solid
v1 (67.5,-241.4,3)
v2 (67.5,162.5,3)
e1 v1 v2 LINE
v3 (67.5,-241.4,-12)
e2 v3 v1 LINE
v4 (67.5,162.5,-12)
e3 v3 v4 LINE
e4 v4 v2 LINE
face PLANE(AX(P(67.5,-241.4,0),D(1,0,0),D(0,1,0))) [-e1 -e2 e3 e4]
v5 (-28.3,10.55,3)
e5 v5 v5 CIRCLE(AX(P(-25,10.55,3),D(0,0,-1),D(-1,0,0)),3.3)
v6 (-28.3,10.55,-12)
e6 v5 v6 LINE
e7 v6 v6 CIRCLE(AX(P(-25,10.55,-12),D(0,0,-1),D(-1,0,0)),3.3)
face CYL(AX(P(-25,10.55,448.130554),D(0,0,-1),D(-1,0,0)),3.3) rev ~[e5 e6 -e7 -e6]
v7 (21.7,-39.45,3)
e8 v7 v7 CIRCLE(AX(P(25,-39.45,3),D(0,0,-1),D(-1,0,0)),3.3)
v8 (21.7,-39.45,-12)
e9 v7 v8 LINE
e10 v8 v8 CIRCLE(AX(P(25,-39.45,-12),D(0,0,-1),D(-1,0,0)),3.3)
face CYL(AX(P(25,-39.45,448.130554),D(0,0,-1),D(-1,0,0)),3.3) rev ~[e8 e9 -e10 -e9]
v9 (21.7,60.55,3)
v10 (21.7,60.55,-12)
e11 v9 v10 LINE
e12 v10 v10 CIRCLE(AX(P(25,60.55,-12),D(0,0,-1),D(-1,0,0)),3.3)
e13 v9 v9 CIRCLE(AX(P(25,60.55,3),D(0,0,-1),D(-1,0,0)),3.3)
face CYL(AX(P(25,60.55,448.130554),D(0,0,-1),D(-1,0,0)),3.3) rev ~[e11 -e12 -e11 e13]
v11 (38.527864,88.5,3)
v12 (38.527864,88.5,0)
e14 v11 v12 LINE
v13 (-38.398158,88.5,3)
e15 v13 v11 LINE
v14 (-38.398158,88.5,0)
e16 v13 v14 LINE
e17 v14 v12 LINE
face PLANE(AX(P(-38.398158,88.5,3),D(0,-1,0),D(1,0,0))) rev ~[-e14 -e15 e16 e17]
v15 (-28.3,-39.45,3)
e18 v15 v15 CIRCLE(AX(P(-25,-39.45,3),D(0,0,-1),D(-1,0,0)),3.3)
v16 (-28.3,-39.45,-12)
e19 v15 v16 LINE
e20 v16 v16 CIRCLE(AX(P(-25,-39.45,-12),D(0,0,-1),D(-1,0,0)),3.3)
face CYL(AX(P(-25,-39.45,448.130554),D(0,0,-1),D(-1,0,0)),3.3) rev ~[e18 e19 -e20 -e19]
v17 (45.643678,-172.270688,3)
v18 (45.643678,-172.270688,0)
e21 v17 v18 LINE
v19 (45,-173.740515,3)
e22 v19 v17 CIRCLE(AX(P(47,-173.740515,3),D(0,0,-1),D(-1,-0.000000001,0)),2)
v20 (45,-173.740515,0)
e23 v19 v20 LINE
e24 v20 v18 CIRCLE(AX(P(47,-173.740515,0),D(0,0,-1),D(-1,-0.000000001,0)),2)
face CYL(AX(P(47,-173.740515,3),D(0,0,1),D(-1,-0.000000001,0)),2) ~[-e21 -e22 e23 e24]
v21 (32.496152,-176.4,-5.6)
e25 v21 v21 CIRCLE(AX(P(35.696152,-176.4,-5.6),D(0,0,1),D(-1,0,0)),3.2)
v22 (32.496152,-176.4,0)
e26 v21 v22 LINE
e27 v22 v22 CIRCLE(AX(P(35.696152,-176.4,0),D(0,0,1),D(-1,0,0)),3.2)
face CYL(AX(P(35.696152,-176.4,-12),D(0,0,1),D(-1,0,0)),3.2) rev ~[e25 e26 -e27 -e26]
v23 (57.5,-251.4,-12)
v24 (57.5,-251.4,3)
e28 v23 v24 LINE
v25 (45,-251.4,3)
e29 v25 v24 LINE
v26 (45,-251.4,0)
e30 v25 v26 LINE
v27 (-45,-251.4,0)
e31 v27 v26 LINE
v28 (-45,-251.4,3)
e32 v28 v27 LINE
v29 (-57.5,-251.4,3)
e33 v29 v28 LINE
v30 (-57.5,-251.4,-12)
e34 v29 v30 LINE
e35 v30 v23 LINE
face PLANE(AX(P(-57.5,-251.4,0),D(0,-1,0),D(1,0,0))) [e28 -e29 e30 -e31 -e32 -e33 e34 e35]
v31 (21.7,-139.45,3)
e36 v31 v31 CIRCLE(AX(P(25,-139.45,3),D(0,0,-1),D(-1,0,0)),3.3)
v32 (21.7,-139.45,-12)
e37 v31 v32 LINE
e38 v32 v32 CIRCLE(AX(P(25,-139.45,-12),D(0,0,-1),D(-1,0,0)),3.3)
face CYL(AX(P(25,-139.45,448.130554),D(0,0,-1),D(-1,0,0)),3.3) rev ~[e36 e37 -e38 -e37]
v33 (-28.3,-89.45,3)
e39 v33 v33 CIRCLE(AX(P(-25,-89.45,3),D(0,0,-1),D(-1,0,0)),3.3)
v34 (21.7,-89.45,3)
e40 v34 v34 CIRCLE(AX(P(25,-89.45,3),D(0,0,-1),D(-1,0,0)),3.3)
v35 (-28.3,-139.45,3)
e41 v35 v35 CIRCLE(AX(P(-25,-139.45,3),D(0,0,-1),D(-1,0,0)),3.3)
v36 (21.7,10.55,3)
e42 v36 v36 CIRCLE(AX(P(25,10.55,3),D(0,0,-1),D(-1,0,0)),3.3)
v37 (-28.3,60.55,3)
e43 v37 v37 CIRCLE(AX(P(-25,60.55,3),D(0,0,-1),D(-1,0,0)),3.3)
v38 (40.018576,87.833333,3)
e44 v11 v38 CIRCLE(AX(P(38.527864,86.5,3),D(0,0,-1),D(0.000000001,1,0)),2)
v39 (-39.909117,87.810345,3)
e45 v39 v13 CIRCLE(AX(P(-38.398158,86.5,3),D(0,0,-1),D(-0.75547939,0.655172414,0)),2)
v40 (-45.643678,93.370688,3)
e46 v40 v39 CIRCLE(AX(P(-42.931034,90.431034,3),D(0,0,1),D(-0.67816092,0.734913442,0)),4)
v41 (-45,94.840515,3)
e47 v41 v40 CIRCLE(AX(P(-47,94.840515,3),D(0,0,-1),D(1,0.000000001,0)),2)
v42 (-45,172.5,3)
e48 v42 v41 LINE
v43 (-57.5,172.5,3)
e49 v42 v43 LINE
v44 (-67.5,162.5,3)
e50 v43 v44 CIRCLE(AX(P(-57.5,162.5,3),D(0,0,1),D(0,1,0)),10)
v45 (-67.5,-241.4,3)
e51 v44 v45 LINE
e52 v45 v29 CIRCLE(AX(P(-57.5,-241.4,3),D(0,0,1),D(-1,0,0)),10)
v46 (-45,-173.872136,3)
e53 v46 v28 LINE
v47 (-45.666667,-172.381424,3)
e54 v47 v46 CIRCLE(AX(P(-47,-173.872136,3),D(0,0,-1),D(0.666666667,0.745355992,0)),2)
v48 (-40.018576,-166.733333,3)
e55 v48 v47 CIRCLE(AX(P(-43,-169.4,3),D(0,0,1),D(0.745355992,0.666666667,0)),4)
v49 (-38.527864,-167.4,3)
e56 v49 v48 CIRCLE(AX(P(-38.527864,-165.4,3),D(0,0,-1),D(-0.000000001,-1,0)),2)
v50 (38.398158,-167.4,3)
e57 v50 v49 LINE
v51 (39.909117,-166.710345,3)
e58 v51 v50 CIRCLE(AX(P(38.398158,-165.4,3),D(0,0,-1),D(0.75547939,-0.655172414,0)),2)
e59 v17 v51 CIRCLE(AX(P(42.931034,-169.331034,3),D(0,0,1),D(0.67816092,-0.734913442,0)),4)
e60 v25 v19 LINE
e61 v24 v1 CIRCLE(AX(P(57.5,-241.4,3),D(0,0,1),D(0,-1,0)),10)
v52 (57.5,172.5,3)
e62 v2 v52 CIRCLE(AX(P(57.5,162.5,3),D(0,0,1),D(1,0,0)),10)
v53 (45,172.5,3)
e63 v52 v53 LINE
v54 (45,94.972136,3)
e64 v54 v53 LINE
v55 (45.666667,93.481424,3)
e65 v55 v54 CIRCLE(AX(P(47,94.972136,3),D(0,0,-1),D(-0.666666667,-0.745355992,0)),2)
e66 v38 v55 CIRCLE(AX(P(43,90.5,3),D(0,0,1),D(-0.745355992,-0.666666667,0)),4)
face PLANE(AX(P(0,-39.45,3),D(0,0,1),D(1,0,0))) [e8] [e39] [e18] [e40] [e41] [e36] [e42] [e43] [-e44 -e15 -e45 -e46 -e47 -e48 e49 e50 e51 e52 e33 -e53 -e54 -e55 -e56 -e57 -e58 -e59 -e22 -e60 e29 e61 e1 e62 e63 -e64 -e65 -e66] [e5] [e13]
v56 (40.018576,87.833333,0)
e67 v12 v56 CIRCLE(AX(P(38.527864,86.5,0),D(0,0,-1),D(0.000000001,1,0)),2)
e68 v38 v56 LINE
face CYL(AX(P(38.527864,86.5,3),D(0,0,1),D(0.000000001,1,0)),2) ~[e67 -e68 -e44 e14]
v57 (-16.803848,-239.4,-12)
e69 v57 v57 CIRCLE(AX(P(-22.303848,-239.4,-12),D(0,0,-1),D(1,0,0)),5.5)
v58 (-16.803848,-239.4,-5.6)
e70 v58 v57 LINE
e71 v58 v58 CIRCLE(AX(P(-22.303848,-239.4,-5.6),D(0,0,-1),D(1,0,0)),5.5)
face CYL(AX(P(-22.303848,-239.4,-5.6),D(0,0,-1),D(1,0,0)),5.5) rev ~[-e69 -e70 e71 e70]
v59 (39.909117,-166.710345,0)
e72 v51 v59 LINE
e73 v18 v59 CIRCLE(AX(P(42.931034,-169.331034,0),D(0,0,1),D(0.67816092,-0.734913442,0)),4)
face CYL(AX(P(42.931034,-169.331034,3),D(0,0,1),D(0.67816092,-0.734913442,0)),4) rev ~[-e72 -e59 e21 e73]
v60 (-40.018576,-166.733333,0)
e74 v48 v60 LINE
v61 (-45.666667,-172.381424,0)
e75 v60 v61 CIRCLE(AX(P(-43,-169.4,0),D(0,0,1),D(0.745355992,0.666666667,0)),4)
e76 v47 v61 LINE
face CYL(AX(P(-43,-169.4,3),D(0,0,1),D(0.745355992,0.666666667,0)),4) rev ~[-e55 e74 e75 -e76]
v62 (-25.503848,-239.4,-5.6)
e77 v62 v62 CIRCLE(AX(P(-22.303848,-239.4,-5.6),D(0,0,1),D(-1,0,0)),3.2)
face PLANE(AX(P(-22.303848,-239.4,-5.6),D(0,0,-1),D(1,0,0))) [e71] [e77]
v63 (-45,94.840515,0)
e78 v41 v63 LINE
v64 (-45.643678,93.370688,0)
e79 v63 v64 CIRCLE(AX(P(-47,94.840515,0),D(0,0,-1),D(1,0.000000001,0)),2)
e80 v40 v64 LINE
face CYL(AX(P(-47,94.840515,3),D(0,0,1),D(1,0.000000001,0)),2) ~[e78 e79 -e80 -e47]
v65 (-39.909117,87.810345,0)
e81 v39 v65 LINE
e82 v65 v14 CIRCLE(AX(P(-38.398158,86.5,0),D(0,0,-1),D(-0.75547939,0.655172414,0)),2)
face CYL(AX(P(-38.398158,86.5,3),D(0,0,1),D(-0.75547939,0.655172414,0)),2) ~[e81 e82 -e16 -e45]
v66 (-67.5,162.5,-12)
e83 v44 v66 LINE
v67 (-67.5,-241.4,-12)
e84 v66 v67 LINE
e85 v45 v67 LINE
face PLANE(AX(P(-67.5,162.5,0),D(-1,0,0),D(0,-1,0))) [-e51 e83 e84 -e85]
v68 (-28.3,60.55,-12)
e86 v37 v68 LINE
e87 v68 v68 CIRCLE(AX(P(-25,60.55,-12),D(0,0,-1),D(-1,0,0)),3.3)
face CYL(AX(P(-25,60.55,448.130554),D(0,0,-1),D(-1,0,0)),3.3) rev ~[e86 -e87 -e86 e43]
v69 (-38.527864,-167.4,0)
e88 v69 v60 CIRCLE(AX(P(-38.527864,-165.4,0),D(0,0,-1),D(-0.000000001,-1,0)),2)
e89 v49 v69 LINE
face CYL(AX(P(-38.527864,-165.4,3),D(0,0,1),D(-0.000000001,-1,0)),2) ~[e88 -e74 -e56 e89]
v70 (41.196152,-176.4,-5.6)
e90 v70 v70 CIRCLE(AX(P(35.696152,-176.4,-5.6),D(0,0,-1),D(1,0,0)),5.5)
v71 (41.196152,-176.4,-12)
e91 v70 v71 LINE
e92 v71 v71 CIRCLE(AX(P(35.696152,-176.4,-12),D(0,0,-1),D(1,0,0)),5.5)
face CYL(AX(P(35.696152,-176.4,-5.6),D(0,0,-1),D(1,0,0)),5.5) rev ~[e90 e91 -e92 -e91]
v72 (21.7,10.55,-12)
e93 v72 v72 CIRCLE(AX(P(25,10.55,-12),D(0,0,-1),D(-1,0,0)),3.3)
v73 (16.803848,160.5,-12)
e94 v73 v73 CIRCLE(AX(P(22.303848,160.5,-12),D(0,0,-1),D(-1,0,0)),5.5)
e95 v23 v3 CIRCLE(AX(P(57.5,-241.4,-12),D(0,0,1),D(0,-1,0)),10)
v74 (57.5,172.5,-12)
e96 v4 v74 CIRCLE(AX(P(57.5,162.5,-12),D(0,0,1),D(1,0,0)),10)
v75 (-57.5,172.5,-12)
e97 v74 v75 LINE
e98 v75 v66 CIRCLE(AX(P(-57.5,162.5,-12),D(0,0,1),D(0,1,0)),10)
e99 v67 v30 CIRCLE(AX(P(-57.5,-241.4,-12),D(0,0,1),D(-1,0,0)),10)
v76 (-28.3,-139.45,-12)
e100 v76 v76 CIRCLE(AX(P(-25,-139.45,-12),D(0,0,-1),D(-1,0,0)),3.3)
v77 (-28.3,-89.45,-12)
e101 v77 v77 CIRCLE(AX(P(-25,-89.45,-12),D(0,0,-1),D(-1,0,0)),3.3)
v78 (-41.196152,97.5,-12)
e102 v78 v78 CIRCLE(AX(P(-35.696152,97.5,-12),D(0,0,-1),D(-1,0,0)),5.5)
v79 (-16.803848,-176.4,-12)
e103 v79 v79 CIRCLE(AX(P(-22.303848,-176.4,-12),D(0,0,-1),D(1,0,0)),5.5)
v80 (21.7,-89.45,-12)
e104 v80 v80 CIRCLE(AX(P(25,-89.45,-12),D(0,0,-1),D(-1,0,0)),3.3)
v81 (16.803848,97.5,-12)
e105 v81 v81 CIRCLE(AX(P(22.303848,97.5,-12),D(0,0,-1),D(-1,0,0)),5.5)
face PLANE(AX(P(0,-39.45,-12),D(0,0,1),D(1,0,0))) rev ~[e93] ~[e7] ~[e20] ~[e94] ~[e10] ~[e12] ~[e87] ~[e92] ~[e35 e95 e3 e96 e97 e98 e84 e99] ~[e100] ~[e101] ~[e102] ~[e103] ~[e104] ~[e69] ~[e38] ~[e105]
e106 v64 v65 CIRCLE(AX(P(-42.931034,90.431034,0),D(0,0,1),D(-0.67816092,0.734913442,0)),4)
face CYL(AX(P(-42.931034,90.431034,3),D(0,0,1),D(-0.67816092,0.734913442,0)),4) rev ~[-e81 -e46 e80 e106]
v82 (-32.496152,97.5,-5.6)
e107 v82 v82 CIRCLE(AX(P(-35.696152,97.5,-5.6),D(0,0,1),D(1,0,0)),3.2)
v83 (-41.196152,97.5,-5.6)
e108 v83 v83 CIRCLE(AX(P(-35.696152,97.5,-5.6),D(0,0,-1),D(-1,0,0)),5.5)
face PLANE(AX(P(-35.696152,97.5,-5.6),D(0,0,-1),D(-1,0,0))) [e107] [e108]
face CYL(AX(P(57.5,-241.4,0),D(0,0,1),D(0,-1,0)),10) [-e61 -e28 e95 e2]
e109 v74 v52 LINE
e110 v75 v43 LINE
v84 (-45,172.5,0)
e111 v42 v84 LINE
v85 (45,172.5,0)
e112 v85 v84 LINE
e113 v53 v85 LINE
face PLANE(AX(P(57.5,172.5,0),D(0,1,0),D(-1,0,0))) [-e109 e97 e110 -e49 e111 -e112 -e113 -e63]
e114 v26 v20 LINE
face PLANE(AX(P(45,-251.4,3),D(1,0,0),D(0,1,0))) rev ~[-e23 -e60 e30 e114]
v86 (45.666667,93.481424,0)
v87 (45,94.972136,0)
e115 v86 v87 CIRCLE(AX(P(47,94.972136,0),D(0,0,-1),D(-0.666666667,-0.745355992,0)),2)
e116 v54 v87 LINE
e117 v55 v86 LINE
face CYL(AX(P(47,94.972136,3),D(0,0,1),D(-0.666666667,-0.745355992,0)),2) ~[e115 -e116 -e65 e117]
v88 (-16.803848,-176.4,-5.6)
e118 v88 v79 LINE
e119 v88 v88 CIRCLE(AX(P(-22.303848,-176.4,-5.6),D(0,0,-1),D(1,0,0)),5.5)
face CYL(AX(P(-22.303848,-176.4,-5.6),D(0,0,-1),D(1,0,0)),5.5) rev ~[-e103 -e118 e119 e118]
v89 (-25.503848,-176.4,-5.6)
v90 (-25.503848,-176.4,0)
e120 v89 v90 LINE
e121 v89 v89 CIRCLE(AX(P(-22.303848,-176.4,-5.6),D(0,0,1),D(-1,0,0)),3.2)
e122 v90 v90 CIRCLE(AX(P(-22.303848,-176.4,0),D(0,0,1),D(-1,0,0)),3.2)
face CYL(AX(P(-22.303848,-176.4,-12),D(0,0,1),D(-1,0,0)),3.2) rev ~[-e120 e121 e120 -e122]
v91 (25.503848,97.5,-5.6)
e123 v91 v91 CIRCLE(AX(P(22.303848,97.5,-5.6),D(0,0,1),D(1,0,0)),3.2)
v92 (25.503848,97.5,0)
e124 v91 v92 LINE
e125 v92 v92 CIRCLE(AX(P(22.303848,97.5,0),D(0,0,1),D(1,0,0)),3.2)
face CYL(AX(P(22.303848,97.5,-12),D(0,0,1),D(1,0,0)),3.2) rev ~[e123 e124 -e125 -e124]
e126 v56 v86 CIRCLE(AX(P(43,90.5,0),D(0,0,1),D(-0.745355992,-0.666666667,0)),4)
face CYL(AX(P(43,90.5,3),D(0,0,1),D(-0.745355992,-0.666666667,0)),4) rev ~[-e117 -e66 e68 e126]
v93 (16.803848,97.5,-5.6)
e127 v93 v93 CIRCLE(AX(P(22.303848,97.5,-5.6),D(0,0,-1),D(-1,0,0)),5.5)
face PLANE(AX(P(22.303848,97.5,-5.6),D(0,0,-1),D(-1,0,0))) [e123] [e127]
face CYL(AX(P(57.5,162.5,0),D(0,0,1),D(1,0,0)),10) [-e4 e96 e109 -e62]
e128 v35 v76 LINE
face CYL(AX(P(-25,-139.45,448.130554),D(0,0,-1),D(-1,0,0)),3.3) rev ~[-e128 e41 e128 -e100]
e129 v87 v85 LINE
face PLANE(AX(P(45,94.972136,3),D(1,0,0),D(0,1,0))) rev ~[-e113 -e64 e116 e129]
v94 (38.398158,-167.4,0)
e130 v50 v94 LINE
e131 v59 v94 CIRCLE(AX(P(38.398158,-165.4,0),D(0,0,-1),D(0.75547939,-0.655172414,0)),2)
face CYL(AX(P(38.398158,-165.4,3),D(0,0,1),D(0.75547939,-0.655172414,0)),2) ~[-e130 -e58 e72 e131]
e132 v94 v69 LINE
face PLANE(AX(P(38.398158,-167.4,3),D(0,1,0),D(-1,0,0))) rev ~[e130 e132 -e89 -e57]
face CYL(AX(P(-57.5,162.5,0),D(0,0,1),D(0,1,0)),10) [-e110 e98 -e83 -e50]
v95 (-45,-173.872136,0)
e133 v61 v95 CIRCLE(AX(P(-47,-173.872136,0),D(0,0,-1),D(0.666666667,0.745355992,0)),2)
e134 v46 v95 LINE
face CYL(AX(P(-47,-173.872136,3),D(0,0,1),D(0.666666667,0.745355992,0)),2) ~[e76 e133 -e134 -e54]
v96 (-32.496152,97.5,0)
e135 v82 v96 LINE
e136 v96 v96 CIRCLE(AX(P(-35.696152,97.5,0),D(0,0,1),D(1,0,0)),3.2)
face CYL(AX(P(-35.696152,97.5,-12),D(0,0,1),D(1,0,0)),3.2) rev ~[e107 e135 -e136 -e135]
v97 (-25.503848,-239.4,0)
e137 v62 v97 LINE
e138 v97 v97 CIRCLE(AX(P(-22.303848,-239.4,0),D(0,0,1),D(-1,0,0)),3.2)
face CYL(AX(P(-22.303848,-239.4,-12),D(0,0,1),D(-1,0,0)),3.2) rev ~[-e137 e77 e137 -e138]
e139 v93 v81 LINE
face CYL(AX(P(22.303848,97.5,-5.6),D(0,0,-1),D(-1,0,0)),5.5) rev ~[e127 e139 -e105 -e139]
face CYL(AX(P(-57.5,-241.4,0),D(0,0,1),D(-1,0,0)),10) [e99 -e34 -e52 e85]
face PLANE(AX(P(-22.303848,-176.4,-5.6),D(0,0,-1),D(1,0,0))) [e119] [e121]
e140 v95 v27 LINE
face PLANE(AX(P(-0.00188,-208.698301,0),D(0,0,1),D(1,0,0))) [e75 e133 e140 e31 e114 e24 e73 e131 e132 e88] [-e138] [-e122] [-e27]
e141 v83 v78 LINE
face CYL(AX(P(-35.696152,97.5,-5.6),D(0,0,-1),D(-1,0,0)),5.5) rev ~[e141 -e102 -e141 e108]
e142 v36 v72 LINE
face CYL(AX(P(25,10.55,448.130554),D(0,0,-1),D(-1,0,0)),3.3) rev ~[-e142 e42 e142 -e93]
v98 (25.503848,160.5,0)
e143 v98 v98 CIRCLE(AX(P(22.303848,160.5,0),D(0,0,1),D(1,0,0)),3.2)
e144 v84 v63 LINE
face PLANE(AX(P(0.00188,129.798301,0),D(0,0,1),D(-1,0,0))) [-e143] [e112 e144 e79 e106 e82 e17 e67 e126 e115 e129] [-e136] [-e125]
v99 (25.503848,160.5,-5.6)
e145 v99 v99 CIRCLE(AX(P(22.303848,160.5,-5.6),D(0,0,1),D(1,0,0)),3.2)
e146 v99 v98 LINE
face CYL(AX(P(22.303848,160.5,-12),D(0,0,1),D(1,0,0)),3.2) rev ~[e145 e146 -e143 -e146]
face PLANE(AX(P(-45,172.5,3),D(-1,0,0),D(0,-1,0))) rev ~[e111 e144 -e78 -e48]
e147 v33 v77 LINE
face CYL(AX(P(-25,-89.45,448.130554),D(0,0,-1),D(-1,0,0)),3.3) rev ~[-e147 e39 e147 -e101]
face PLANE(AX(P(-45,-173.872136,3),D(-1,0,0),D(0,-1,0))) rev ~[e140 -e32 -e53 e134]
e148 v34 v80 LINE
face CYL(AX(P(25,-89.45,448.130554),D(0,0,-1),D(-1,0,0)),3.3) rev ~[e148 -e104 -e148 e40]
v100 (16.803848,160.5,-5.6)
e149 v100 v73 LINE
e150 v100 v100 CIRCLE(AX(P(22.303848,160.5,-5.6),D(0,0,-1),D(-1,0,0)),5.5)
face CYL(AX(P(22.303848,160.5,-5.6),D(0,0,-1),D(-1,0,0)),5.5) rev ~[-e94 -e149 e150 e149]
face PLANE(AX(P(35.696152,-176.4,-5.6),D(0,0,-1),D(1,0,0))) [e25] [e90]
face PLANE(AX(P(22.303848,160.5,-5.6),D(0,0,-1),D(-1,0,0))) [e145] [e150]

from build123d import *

# Parameters (mm, degrees)
ESTRUSIONE_ESTRUSIONE1_DEPTH                         = 3
ESTRUSIONE_ESTRUSIONE1_DEPTH_BACK                    = 12
TAGLIO_ESTRUSIONE1_DEPTH                             = 3
FORO_LAMATO_PER_VITE_M6_A_TESTA_CILINDRI_D           = 6.4
FORO_LAMATO_PER_VITE_M6_A_TESTA_CILINDRI_CBORE_D     = 11
FORO_LAMATO_PER_VITE_M6_A_TESTA_CILINDRI_CBORE_DEPTH = 6.4
FORO_PER_VITE_M6_2_D                                 = 6.6
RIPETIZIONECIRCOLARE1_COUNT                          = 2


with BuildPart() as part:
    # Schizzo1 → Estrusione-Estrusione1 (new body, two sides)
    with BuildSketch(Plane.XY) as estrusione_estrusione1_sk:
        with BuildLine():
            Line((-57.5, -251.4), (57.5, -251.4))
            ThreePointArc((57.5, -251.4), (64.571067812, -248.471067812), (67.5, -241.4))
            Line((67.5, -241.4), (67.5, 162.5))
            ThreePointArc((67.5, 162.5), (64.571067812, 169.571067812), (57.5, 172.5))
            Line((57.5, 172.5), (-57.5, 172.5))
            ThreePointArc((-57.5, 172.5), (-64.571067812, 169.571067812), (-67.5, 162.5))
            Line((-67.5, 162.5), (-67.5, -241.4))
            ThreePointArc((-67.5, -241.4), (-64.571067812, -248.471067812), (-57.5, -251.4))
        make_face()
    extrude(amount=ESTRUSIONE_ESTRUSIONE1_DEPTH)
    extrude(estrusione_estrusione1_sk.sketch, amount=-ESTRUSIONE_ESTRUSIONE1_DEPTH_BACK)

    # Schizzo2 → Taglio-Estrusione1 (cut)
    with BuildSketch(Plane.XY.offset(3)):
        with BuildLine():
            Line((-45, -173.872135955), (-45, -251.4))
            Line((-45, -251.4), (45, -251.4))
            Line((45, -251.4), (45, -173.740515135))
            ThreePointArc((45, -173.740515135), (45.167973297, -172.938219578), (45.643678161, -172.270688251))
            ThreePointArc((45.643678161, -172.270688251), (45.715503432, -166.459321985), (39.909116924, -166.710344828))
            ThreePointArc((39.909116924, -166.710344828), (39.228612943, -167.219435305), (38.398158145, -167.4))
            Line((38.398158145, -167.4), (-38.527864045, -167.4))
            ThreePointArc((-38.527864045, -167.4), (-39.344360626, -167.225741858), (-40.01857603, -166.733333333))
            ThreePointArc((-40.01857603, -166.733333333), (-45.828427125, -166.571572875), (-45.666666667, -172.38142397))
            ThreePointArc((-45.666666667, -172.38142397), (-45.174258142, -173.055639374), (-45, -173.872135955))
        make_face()
    taglio_estrusione1 = extrude(amount=-TAGLIO_ESTRUSIONE1_DEPTH, mode=Mode.SUBTRACT)

    # Foro lamato per Vite M6 a testa cilindri (through all)
    with Locations(Plane(origin=(0, 0, -12), x_dir=(-1, 0, 0), z_dir=(0, 0, -1))):
        with Locations((35.696152423, 97.5), (-22.303847577, 97.5), (-22.303847577, 160.5)):
            foro_lamato_per_vite_m6_a_testa_cilindri = CounterBoreHole(FORO_LAMATO_PER_VITE_M6_A_TESTA_CILINDRI_D / 2, FORO_LAMATO_PER_VITE_M6_A_TESTA_CILINDRI_CBORE_D / 2, FORO_LAMATO_PER_VITE_M6_A_TESTA_CILINDRI_CBORE_DEPTH)

    # Foro per Vite M6-2 (through all)
    with Locations(Plane.XY.offset(3)):
        with Locations((-25, -139.45), (25, 60.55), (25, -139.45), (-25, 60.55), (-25, -39.45), (25, -39.45), (-25, -89.45), (25, -89.45), (-25, 10.55), (25, 10.55), (-95.52986496, -268.984692735)):
            Hole(FORO_PER_VITE_M6_2_D / 2)

    # RipetizioneCircolare1: Taglio-Estrusione1, Foro lamato per Vite M6 a testa cilindri ×2 about axis
    ripetizionecircolare1_axis = Axis((0, -39.45, 0), (0, 0, 1))
    add([taglio_estrusione1.rotate(ripetizionecircolare1_axis, i * 360 / RIPETIZIONECIRCOLARE1_COUNT) for i in range(1, RIPETIZIONECIRCOLARE1_COUNT)], mode=Mode.SUBTRACT)
    add([foro_lamato_per_vite_m6_a_testa_cilindri.rotate(ripetizionecircolare1_axis, i * 360 / RIPETIZIONECIRCOLARE1_COUNT) for i in range(1, RIPETIZIONECIRCOLARE1_COUNT)], mode=Mode.SUBTRACT)


solid = part.part
